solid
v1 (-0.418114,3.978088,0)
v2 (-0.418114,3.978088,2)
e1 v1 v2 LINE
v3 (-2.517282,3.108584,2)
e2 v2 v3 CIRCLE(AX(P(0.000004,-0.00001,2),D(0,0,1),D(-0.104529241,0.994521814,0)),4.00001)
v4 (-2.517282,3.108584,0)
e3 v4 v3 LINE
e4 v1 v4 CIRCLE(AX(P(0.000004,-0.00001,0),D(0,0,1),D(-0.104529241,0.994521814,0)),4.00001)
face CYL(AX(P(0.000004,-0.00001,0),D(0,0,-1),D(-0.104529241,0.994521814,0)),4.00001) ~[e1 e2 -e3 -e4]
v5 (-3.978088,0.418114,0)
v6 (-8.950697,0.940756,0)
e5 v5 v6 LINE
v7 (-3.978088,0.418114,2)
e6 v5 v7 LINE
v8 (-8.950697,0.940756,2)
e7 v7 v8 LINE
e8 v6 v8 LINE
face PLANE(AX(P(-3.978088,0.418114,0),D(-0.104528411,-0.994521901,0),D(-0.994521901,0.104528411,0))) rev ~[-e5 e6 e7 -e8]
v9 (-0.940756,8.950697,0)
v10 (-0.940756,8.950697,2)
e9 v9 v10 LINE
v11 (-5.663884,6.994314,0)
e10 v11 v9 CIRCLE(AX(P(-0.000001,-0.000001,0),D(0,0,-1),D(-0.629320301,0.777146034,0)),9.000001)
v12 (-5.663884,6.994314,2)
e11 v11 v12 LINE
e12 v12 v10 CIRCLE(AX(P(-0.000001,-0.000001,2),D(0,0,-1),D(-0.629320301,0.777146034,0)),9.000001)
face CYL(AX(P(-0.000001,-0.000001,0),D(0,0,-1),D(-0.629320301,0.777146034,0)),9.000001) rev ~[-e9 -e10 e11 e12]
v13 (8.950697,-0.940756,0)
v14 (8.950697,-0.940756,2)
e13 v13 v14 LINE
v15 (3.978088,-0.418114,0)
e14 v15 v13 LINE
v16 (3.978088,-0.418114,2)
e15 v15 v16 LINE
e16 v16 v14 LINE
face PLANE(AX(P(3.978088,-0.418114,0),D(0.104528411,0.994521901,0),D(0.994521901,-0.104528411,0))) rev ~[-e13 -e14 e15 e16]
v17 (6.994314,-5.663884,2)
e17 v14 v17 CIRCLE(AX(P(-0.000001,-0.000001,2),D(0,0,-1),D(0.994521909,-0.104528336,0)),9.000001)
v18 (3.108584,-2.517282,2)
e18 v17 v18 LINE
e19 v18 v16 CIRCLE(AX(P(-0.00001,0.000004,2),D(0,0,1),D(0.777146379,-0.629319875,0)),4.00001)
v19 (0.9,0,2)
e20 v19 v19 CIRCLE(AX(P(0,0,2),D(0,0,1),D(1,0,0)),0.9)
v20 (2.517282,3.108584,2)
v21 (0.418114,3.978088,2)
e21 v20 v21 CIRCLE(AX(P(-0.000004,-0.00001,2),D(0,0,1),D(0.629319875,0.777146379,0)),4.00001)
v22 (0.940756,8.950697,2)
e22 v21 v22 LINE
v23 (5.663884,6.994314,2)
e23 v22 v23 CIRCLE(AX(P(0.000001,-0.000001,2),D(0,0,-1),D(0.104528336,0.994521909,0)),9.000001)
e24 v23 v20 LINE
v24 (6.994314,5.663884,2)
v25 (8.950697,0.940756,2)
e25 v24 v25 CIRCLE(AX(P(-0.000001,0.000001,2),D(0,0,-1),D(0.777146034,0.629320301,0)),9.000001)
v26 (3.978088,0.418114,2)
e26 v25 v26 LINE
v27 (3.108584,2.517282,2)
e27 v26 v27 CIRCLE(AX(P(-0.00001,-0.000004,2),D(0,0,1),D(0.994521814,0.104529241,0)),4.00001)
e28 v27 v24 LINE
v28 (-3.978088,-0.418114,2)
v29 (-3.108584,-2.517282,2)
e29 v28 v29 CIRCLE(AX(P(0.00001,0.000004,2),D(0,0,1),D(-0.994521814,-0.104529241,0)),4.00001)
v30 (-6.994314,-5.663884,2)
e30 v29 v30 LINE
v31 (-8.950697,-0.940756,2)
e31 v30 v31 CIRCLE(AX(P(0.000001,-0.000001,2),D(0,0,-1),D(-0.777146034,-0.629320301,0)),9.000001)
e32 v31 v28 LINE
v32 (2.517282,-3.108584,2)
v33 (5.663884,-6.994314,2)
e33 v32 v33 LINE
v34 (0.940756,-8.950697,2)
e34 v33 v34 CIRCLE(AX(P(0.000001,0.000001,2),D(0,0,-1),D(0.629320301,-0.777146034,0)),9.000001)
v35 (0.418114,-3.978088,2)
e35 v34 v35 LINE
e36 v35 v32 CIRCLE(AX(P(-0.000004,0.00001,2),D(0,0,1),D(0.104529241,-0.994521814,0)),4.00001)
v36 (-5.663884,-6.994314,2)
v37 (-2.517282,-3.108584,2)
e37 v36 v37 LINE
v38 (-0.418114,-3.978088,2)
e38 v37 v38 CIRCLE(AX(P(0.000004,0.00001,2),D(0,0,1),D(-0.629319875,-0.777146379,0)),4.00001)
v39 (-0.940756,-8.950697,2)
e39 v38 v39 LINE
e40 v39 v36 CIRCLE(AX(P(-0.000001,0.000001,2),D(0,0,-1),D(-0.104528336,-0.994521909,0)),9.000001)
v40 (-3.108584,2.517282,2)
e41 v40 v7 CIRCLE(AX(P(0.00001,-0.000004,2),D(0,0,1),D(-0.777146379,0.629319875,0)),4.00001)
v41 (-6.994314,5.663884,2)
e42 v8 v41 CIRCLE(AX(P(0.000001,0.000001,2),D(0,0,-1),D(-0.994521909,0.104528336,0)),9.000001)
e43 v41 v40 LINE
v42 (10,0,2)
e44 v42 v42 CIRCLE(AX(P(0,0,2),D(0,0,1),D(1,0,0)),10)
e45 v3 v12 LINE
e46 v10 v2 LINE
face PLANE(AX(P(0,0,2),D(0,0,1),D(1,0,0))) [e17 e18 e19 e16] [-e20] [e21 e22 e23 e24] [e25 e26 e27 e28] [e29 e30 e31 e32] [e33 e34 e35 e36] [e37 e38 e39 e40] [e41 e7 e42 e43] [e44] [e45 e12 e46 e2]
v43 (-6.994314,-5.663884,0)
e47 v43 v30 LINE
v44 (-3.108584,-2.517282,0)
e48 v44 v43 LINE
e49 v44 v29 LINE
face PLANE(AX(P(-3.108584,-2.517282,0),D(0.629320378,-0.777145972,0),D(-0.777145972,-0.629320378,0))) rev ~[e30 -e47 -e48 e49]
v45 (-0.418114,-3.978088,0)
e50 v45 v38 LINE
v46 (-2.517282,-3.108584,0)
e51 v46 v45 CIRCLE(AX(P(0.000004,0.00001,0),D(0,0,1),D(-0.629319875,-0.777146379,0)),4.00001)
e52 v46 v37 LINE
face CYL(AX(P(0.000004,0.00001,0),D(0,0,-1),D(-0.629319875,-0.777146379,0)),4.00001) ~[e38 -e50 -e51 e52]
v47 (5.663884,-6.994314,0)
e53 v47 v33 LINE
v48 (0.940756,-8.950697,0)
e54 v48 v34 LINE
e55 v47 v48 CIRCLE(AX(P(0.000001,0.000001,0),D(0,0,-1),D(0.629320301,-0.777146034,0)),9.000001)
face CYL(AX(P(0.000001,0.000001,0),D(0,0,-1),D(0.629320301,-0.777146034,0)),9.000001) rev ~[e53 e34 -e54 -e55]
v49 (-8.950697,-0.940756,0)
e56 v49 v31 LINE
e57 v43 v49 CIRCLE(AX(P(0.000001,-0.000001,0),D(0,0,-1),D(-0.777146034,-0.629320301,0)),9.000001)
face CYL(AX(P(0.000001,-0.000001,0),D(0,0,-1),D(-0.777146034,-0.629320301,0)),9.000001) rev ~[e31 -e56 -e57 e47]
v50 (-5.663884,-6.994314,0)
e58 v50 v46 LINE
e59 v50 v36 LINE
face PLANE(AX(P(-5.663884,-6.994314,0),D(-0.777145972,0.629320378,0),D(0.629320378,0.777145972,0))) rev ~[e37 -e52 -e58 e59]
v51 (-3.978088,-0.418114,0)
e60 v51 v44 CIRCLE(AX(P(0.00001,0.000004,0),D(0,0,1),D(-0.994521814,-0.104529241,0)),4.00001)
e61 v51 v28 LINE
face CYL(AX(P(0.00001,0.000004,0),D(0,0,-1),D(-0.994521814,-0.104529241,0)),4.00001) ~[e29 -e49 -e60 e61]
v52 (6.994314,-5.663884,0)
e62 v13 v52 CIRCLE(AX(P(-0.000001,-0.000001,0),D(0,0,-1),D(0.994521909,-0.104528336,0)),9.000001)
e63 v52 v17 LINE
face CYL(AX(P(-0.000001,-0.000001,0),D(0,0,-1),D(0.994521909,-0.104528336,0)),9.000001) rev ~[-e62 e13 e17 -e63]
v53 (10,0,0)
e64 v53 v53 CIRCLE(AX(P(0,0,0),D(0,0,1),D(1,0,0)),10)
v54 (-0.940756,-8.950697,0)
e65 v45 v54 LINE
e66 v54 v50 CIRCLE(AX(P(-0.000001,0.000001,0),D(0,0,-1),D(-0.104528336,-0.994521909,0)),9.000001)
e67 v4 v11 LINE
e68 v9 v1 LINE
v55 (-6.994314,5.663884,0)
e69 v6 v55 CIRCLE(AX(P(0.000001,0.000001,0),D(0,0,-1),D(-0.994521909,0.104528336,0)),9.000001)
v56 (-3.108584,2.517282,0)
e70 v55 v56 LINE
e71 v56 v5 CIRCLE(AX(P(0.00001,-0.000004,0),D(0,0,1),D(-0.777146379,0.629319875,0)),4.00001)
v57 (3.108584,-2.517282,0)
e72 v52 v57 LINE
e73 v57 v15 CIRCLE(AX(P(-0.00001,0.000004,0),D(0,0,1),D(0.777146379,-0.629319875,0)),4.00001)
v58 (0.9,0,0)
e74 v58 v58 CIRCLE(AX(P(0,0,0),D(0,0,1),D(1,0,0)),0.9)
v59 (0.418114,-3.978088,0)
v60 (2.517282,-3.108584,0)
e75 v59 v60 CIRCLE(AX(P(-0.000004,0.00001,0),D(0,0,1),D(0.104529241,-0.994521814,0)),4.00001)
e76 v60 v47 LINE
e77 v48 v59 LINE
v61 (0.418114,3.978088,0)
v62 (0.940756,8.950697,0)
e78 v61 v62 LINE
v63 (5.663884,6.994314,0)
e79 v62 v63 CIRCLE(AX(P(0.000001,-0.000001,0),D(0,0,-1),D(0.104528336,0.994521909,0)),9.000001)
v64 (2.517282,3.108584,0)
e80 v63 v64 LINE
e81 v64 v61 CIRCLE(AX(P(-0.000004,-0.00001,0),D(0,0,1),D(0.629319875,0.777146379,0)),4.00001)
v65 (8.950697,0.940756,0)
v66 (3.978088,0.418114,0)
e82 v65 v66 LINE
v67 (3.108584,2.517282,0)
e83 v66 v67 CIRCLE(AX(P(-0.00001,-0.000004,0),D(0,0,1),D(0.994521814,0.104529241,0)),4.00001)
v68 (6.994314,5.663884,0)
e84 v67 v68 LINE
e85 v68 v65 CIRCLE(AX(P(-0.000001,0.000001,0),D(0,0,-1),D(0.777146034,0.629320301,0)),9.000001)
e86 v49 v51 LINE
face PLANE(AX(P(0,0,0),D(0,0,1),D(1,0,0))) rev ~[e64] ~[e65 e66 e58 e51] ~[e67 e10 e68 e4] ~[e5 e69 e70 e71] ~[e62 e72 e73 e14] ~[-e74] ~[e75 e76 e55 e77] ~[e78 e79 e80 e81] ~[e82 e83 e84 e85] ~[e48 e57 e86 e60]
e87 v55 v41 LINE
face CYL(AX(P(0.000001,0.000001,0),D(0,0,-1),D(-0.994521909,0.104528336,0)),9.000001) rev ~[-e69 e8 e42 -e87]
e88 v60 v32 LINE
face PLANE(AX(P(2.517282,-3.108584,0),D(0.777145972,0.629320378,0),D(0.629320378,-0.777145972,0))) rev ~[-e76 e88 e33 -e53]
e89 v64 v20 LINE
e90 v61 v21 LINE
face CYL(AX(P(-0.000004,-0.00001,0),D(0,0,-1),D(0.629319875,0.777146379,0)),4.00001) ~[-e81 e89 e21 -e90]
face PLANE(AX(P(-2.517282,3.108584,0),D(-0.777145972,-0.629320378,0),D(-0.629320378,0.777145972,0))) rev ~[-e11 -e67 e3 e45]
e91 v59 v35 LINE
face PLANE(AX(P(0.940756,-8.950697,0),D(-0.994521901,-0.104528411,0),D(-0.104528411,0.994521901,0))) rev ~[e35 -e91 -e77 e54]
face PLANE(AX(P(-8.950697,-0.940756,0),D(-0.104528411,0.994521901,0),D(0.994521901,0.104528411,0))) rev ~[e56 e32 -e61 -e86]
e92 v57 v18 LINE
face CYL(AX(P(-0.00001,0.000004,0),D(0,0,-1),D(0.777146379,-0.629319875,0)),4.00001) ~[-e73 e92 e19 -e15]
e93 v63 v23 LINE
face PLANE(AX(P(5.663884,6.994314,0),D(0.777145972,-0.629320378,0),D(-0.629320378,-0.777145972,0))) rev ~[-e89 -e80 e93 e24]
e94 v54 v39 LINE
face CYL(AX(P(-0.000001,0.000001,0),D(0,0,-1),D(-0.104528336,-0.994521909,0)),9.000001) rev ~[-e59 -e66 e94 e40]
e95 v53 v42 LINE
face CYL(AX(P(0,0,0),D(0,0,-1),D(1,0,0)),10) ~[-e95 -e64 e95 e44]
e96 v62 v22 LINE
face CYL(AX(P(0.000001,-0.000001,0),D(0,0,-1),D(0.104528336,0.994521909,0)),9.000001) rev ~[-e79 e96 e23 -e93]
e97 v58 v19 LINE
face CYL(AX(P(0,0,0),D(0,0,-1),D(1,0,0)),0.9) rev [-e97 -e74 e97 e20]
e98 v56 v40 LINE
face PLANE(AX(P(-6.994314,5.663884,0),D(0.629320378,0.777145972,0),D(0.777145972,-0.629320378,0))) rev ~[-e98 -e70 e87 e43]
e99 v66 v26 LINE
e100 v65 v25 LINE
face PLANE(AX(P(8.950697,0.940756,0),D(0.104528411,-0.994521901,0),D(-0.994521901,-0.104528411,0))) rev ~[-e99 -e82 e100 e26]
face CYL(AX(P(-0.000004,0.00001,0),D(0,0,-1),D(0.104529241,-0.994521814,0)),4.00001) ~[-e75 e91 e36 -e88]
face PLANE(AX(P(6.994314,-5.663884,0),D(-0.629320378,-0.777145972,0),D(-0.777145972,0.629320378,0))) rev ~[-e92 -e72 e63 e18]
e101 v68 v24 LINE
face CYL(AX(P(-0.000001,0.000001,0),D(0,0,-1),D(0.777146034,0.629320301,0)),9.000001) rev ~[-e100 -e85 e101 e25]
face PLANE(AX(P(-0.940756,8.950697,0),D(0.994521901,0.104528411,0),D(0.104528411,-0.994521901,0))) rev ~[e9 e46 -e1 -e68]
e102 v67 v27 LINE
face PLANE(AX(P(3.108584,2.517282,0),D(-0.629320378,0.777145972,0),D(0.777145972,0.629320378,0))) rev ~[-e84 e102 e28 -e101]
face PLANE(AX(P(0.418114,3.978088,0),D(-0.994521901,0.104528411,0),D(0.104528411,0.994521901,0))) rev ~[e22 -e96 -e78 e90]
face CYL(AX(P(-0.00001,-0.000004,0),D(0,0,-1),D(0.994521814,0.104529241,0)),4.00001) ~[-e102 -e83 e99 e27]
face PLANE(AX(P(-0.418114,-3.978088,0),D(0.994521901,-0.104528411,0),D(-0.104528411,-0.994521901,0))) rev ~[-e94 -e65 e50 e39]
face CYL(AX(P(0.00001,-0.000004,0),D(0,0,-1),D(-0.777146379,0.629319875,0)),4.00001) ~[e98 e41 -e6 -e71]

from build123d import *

# Parameters (mm, degrees)
F0_R     = 10
F0_R_2   = 0.9
F1_DEPTH = 2


with BuildPart() as f1:
    # F0 (on Top) → F1 (new body)
    with BuildSketch(Plane.XY):
        Circle(F0_R)
        with BuildLine():
            ThreePointArc((-2.517282, -3.108584), (-1.530734, -3.695518), (-0.418114, -3.978088))
            Line((-0.418114, -3.978088), (-0.940756, -8.950697))
            ThreePointArc((-0.940756, -8.950697), (-3.444151, -8.314916), (-5.663884, -6.994314))
            Line((-5.663884, -6.994314), (-2.517282, -3.108584))
        make_face(mode=Mode.SUBTRACT)
        with BuildLine():
            ThreePointArc((-6.994314, -5.663884), (-8.314916, -3.444151), (-8.950697, -0.940756))
            Line((-8.950697, -0.940756), (-3.978088, -0.418114))
            ThreePointArc((-3.978088, -0.418114), (-3.695518, -1.530734), (-3.108584, -2.517282))
            Line((-3.108584, -2.517282), (-6.994314, -5.663884))
        make_face(mode=Mode.SUBTRACT)
        with BuildLine():
            ThreePointArc((0.418114, -3.978088), (1.530734, -3.695518), (2.517282, -3.108584))
            Line((2.517282, -3.108584), (5.663884, -6.994314))
            ThreePointArc((5.663884, -6.994314), (3.444151, -8.314916), (0.940756, -8.950697))
            Line((0.940756, -8.950697), (0.418114, -3.978088))
        make_face(mode=Mode.SUBTRACT)
        with BuildLine():
            Line((6.994314, -5.663884), (3.108584, -2.517282))
            ThreePointArc((3.108584, -2.517282), (3.695518, -1.530734), (3.978088, -0.418114))
            Line((3.978088, -0.418114), (8.950697, -0.940756))
            ThreePointArc((8.950697, -0.940756), (8.314916, -3.444151), (6.994314, -5.663884))
        make_face(mode=Mode.SUBTRACT)
        with BuildLine():
            Line((-6.994314, 5.663884), (-3.108584, 2.517282))
            ThreePointArc((-3.108584, 2.517282), (-3.695518, 1.530734), (-3.978088, 0.418114))
            Line((-3.978088, 0.418114), (-8.950697, 0.940756))
            ThreePointArc((-8.950697, 0.940756), (-8.314916, 3.444151), (-6.994314, 5.663884))
        make_face(mode=Mode.SUBTRACT)
        with BuildLine():
            Line((-0.940756, 8.950697), (-0.418114, 3.978088))
            ThreePointArc((-0.418114, 3.978088), (-1.530734, 3.695518), (-2.517282, 3.108584))
            Line((-2.517282, 3.108584), (-5.663884, 6.994314))
            ThreePointArc((-5.663884, 6.994314), (-3.444151, 8.314916), (-0.940756, 8.950697))
        make_face(mode=Mode.SUBTRACT)
        Circle(F0_R_2, mode=Mode.SUBTRACT)
        with BuildLine():
            ThreePointArc((3.978088, 0.418114), (3.695518, 1.530734), (3.108584, 2.517282))
            Line((3.108584, 2.517282), (6.994314, 5.663884))
            ThreePointArc((6.994314, 5.663884), (8.314916, 3.444151), (8.950697, 0.940756))
            Line((8.950697, 0.940756), (3.978088, 0.418114))
        make_face(mode=Mode.SUBTRACT)
        with BuildLine():
            Line((5.663884, 6.994314), (2.517282, 3.108584))
            ThreePointArc((2.517282, 3.108584), (1.530734, 3.695518), (0.418114, 3.978088))
            Line((0.418114, 3.978088), (0.940756, 8.950697))
            ThreePointArc((0.940756, 8.950697), (3.444151, 8.314916), (5.663884, 6.994314))
        make_face(mode=Mode.SUBTRACT)
    extrude(amount=F1_DEPTH)


solid = f1.part
